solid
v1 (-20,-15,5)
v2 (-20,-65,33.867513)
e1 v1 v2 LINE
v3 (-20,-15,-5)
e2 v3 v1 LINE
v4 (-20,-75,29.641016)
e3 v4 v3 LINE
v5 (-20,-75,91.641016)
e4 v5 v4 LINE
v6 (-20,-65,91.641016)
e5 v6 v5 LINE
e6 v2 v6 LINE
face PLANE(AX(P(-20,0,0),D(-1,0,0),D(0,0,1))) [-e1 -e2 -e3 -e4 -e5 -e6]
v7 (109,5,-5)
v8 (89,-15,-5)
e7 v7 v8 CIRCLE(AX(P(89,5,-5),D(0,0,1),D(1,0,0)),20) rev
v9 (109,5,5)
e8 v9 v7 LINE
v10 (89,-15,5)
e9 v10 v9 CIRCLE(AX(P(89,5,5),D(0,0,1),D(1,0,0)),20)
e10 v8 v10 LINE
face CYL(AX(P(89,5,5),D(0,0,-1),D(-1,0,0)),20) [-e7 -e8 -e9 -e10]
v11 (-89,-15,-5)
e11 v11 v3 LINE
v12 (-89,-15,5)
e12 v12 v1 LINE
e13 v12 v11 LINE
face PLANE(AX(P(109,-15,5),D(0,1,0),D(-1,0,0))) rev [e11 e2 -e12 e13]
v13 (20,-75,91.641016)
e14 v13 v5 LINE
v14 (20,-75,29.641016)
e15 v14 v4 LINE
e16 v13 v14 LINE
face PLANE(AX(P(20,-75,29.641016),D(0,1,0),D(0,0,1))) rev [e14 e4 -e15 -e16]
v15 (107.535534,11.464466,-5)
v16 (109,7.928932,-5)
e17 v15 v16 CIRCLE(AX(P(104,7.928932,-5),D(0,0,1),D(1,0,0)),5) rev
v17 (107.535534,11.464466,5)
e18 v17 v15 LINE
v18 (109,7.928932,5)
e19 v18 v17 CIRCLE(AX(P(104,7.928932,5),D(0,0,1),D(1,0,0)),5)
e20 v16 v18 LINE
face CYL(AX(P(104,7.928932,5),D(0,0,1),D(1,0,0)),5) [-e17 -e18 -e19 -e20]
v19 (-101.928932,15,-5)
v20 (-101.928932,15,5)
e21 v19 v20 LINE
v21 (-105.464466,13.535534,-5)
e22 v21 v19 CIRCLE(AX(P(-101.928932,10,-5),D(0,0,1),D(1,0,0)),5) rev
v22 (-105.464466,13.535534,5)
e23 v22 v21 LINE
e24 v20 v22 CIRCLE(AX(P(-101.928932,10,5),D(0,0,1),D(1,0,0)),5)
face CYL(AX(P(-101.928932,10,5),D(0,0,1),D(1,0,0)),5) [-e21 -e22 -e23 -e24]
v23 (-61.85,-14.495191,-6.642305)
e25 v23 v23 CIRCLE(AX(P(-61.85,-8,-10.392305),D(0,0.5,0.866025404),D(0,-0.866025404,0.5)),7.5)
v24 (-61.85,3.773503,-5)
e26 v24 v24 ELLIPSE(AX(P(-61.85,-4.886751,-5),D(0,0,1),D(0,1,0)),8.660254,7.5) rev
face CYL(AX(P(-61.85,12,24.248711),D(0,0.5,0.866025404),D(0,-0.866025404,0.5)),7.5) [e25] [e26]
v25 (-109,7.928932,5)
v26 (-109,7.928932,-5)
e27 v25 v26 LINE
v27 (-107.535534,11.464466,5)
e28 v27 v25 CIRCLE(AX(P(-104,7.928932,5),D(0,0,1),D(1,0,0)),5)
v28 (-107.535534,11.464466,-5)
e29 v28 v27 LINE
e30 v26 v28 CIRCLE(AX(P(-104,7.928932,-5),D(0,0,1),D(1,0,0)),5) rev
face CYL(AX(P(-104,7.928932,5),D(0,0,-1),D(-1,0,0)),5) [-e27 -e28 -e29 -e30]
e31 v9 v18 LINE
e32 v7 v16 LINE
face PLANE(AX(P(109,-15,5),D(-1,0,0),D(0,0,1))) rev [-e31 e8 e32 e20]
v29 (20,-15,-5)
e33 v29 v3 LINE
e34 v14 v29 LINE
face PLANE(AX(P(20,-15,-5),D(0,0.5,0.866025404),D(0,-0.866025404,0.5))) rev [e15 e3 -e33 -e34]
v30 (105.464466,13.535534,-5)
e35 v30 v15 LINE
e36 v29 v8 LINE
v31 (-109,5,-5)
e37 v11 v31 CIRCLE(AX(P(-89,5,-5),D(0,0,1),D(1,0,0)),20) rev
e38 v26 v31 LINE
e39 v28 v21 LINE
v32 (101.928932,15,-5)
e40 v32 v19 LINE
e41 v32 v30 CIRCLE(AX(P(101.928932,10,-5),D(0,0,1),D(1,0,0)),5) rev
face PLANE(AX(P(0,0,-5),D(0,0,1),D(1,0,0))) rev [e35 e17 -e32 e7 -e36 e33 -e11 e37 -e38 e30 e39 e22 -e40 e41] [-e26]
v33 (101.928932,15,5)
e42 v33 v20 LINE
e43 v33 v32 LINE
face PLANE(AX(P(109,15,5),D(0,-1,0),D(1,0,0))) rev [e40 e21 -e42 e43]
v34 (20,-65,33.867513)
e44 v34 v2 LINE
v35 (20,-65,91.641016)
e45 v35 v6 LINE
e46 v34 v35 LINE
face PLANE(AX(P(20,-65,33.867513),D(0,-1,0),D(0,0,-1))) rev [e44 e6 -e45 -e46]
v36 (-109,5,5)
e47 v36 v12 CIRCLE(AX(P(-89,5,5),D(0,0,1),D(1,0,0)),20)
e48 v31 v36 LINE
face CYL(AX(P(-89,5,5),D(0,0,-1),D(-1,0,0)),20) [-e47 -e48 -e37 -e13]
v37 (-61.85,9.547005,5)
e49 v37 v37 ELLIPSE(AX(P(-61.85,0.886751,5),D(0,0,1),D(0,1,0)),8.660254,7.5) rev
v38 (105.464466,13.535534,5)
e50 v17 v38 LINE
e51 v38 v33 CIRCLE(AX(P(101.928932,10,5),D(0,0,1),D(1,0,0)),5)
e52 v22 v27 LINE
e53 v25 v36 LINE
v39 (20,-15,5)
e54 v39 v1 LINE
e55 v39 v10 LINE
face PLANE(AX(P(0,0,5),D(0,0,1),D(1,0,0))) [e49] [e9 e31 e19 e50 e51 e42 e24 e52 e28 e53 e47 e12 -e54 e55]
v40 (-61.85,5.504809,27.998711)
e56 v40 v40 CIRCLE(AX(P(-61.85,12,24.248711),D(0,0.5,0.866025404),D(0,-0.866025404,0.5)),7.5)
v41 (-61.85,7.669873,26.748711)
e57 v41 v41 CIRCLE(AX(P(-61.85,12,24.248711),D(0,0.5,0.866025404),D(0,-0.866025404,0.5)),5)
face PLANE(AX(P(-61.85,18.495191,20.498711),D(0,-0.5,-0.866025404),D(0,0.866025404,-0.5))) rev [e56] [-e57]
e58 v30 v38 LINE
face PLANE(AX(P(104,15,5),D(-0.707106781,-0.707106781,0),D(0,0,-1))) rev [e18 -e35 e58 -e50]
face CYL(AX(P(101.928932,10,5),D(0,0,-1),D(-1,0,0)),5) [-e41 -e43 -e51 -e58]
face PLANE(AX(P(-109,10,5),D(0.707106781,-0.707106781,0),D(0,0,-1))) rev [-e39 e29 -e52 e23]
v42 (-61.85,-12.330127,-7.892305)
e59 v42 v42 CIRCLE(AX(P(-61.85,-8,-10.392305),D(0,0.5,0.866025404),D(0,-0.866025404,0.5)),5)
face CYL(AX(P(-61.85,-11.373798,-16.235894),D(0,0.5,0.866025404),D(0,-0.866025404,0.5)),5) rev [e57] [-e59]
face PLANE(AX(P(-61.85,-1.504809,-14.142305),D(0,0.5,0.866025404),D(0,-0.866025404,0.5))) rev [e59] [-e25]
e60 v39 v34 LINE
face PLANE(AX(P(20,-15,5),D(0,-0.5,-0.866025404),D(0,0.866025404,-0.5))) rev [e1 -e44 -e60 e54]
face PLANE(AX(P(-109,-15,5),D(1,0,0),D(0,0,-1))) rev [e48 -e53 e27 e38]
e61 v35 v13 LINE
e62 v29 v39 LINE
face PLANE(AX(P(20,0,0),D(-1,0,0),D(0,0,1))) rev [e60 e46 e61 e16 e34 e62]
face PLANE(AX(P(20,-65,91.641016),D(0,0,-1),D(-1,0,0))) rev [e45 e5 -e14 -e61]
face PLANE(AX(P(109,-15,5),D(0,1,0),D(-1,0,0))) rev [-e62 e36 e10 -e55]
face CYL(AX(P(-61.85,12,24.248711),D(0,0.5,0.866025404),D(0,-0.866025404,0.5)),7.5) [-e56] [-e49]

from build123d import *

# Parameters (mm, degrees)
SKETCH1_W           = 218
SKETCH1_H           = 30
BOSS_EXTRUDE1_DEPTH = 5
FILLET1_R           = 20
SKETCH4_R           = 5
CUT_EXTRUDE2_DEPTH  = 119.749210232
BOSS_EXTRUDE2_DEPTH = 20
CHAMFER2_SIZE       = 5
FILLET3_R           = 5


with BuildPart() as part:
    # Sketch1 → Boss-Extrude1 (new, symmetric)
    with BuildSketch(Plane.XY):
        Rectangle(SKETCH1_W, SKETCH1_H)
    extrude(amount=BOSS_EXTRUDE1_DEPTH, both=True)

    # Fillet1
    fillet1_edges = [part.edges().sort_by_distance(p)[0] for p in [
        (109, -15, 0),
        (-109, -15, 0),
    ]]
    fillet(fillet1_edges, radius=FILLET1_R)

    # Sketch3 → Revolve1 (revolve)
    with BuildSketch(Plane(origin=(-61.85, 0, 0), x_dir=(0, 0, -1), z_dir=(1, 0, 0)), mode=Mode.PRIVATE) as revolve1_sk:
        Polygon((-20.498711306, 18.495190528), (-24.248711306, 12), (10.392304845, -8), (14.142304845, -1.504809472), align=None)
    revolve(revolve1_sk.sketch.rotate(Axis((-61.85, 12, 24.248711306), (0, -0.49999999999999767, -0.86602540378444)), 180), axis=Axis((-61.85, 12, 24.248711306), (0, -0.49999999999999767, -0.86602540378444)))

    # Sketch4 → Cut-Extrude2 (cut, through all)
    with BuildSketch(Plane(origin=(0, 13.5, 23.382685902), x_dir=(1, 0, 0), z_dir=(0, 0.4999999999999978, 0.86602540378444))):
        with Locations(Location((-61.85, -1.732050808, 0), (0, 0, 270))):
            Circle(SKETCH4_R)
    extrude(amount=-CUT_EXTRUDE2_DEPTH, mode=Mode.SUBTRACT)

    # Sketch5 → Boss-Extrude2 (add, symmetric)
    with BuildSketch(Plane(origin=(0, 0, 0), x_dir=(0, 0, -1), z_dir=(1, 0, 0))):
        Polygon((5, -15), (-5, -15), (-33.867513459, -65), (-91.641016151, -65), (-91.641016151, -75), (-29.641016151, -75), align=None)
    extrude(amount=BOSS_EXTRUDE2_DEPTH, both=True)

    # Chamfer2
    chamfer2_edges = [part.edges().sort_by_distance(p)[0] for p in [
        (-109, 15, 0),
        (109, 15, 0),
    ]]
    chamfer(chamfer2_edges, length=CHAMFER2_SIZE)

    # Fillet3
    fillet3_edges = [part.edges().sort_by_distance(p)[0] for p in [
        (-109, 10, 0),
        (104, 15, 0),
        (-104, 15, 0),
        (109, 10, 0),
    ]]
    fillet(fillet3_edges, radius=FILLET3_R)


solid = part.part
